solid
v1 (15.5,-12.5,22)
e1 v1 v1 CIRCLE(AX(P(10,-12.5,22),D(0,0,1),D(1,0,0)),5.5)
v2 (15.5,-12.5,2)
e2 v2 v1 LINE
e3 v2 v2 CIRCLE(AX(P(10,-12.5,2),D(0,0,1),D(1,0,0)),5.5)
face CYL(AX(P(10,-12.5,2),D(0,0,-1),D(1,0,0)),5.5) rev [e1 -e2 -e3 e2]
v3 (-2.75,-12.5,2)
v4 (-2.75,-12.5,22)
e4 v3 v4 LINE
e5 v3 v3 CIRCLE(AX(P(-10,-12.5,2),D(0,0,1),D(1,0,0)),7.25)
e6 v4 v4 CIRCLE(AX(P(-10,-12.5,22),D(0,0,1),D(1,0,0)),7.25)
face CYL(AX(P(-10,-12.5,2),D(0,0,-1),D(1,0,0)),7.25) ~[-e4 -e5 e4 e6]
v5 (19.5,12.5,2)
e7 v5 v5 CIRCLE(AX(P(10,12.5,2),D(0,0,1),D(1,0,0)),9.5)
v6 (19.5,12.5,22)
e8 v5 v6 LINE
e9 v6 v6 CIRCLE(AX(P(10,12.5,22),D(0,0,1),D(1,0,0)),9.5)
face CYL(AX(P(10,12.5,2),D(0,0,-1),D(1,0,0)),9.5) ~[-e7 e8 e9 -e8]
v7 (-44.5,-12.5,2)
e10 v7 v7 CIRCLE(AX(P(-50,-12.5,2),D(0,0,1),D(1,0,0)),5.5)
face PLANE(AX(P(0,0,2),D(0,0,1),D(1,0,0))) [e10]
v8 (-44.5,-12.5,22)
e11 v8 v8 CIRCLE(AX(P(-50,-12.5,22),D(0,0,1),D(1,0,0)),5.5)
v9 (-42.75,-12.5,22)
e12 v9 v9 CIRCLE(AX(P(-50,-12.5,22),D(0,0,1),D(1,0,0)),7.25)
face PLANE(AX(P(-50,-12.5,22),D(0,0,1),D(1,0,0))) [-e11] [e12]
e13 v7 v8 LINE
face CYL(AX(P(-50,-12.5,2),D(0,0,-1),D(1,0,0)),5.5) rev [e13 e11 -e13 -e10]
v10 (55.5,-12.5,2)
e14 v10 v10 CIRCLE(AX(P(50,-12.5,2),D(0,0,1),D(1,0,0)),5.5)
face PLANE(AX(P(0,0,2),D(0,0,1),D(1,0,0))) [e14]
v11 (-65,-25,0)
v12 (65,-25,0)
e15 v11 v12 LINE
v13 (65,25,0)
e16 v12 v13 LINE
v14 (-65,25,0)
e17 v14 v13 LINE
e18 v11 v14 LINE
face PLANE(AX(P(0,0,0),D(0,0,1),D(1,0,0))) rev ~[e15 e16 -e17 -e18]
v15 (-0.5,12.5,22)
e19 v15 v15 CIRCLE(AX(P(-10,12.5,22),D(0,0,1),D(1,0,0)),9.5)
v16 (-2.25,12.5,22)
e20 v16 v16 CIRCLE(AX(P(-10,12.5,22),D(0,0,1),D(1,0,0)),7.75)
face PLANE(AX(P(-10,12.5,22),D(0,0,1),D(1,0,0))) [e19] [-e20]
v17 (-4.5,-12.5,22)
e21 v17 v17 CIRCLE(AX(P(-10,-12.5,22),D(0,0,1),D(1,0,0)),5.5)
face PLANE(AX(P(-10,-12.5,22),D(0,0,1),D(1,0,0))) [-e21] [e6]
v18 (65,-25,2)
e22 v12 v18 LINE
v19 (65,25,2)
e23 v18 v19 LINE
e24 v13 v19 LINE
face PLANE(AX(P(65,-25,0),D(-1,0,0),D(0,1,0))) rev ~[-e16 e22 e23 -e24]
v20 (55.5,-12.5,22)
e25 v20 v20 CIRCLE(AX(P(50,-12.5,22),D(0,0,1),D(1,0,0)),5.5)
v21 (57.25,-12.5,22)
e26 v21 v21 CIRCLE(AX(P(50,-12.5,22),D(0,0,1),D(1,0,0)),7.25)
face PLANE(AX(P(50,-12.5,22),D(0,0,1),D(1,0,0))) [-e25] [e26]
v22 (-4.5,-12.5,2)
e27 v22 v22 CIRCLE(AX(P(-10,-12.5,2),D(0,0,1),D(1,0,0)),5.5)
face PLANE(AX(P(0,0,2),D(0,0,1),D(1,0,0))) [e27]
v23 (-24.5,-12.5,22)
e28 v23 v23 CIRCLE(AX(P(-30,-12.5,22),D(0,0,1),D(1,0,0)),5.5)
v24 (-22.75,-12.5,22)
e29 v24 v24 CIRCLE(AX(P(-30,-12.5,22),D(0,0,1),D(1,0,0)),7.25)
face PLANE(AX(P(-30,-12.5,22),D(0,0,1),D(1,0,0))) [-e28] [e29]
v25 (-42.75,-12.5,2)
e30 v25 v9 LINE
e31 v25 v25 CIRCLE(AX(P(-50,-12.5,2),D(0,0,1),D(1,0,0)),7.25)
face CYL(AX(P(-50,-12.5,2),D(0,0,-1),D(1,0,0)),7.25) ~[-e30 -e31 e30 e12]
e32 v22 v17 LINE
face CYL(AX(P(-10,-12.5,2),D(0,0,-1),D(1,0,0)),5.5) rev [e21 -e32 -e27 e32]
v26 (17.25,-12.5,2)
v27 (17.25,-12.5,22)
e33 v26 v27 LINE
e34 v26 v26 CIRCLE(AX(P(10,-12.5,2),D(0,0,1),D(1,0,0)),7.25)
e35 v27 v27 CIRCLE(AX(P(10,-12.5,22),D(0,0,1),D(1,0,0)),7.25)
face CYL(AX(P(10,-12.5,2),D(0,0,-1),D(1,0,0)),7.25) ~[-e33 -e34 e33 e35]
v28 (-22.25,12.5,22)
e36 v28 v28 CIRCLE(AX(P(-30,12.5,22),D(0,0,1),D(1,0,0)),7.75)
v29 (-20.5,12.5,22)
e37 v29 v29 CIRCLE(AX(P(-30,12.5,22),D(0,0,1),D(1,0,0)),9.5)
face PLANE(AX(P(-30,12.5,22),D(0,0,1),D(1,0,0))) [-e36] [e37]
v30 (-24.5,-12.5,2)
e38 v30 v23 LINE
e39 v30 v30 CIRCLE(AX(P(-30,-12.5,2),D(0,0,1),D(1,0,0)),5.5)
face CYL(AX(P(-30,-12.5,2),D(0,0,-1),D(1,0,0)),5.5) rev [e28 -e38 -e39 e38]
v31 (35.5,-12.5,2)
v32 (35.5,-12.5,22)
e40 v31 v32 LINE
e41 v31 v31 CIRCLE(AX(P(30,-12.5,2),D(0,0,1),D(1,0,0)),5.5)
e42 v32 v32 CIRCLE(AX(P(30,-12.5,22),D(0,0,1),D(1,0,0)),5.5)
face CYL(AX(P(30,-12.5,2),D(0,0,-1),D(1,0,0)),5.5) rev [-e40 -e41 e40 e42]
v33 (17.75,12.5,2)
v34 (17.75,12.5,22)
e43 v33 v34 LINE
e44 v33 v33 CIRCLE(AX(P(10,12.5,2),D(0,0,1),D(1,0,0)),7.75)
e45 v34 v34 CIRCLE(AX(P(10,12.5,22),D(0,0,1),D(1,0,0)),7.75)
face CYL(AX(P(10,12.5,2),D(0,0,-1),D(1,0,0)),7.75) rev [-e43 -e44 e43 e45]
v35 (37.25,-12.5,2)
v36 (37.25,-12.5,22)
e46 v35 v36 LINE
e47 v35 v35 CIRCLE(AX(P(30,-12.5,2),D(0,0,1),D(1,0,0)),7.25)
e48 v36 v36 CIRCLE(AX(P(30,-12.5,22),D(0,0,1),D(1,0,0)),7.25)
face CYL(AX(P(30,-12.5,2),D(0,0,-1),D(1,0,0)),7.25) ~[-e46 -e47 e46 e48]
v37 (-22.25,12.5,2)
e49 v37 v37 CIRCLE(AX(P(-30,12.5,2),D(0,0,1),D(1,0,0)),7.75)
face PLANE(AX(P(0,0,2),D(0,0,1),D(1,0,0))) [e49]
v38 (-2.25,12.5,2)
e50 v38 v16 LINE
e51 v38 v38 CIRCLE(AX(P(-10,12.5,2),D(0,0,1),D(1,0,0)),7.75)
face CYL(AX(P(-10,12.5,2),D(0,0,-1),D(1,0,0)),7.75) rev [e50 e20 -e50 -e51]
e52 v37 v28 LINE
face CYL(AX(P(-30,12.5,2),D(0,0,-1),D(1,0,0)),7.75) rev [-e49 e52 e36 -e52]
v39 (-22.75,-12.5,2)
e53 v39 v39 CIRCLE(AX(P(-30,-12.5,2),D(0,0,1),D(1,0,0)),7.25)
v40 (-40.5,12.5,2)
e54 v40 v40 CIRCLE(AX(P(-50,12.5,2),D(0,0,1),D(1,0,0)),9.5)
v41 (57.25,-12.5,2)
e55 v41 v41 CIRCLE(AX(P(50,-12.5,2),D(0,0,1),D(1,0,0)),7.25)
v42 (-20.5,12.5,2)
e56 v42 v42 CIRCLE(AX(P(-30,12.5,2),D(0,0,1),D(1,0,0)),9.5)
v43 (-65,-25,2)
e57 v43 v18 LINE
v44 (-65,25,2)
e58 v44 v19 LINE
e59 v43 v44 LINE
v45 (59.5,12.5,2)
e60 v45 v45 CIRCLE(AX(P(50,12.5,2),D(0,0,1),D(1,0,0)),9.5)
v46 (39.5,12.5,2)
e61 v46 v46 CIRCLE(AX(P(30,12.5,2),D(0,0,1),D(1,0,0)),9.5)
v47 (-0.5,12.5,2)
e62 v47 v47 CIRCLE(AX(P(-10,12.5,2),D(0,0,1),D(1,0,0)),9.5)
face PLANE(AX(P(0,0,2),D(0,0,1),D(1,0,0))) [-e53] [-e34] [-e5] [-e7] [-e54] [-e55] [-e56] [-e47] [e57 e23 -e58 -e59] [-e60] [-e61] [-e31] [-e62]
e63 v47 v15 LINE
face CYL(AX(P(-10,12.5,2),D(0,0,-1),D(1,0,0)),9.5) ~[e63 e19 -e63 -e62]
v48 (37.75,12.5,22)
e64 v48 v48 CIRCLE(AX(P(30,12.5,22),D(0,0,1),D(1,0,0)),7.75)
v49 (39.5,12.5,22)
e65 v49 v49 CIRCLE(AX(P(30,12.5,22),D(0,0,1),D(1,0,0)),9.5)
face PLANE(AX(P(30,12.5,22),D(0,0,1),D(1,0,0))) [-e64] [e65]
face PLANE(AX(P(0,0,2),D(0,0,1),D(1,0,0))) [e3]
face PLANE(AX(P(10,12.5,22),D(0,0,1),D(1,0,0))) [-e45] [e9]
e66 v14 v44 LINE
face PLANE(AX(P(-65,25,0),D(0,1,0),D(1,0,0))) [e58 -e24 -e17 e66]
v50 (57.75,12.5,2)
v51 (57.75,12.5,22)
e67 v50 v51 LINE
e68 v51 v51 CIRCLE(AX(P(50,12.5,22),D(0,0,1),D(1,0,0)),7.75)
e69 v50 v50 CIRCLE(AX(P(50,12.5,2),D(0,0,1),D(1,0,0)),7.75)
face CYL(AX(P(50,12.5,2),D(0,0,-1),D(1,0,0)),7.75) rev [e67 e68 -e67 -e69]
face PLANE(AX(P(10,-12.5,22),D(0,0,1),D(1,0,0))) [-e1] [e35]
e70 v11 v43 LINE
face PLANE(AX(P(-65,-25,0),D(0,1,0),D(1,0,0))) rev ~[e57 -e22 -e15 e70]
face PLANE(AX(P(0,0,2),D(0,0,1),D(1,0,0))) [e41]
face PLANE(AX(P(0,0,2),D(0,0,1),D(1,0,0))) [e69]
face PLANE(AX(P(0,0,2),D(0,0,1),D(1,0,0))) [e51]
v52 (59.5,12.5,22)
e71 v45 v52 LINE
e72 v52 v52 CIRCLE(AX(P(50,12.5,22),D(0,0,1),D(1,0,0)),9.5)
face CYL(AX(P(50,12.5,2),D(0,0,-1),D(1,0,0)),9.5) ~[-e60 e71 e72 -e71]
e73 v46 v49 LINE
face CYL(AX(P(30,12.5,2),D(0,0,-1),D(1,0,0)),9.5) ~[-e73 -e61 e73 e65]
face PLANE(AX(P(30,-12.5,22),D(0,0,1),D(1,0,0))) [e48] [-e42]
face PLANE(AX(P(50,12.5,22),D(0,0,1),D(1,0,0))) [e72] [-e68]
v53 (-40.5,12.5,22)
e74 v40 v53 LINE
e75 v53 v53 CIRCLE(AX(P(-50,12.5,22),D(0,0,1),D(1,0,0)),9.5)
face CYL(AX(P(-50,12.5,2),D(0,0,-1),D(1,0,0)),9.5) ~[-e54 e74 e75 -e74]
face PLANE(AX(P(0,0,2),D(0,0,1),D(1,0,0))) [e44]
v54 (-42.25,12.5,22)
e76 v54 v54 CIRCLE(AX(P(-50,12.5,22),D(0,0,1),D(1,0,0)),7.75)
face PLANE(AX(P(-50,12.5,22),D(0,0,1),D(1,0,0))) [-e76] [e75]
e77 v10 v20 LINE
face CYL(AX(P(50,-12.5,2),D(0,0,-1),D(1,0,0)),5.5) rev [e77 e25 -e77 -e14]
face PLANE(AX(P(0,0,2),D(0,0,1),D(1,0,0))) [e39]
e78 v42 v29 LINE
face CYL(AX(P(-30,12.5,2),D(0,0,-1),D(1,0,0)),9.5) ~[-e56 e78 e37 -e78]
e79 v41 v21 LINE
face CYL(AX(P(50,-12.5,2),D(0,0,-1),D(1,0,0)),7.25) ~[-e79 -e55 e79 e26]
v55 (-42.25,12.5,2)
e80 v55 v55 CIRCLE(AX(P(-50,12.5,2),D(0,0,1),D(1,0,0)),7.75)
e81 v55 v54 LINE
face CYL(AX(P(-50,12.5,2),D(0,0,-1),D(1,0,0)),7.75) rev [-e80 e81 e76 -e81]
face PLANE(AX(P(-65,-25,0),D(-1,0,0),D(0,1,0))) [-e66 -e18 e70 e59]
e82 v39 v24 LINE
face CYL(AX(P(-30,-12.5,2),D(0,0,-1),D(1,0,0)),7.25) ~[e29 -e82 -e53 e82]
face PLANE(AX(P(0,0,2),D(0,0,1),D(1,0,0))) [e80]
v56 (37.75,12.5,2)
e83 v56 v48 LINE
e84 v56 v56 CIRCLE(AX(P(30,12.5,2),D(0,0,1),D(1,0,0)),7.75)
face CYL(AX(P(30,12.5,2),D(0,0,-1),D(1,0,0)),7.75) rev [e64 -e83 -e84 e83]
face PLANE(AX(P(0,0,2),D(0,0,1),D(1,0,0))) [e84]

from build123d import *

# Parameters (mm, degrees)
SKETCH_W      = 130
SKETCH_H      = 50
PAD_DEPTH     = 2
SKETCH001_R   = 9.5
SKETCH001_R_2 = 7.75
SKETCH001_R_3 = 7.25
SKETCH001_R_4 = 5.5
PAD001_DEPTH  = 20


with BuildPart() as part:
    # Sketch → Pad (new body)
    with BuildSketch(Plane.XY):
        Rectangle(SKETCH_W, SKETCH_H)
    extrude(amount=PAD_DEPTH)

    # Sketch001 (on Face6 of Pad) → Pad001 (join)
    with BuildSketch(Plane.XY.offset(2)):
        with Locations((-50, 12.5)):
            Circle(SKETCH001_R)
        with Locations((-50, 12.5)):
            Circle(SKETCH001_R_2, mode=Mode.SUBTRACT)
        with Locations((-30, 12.5)):
            Circle(SKETCH001_R)
        with Locations((-30, 12.5)):
            Circle(SKETCH001_R_2, mode=Mode.SUBTRACT)
        with Locations((-10, 12.5)):
            Circle(SKETCH001_R)
        with Locations((-10, 12.5)):
            Circle(SKETCH001_R_2, mode=Mode.SUBTRACT)
        with Locations((10, 12.5)):
            Circle(SKETCH001_R)
        with Locations((10, 12.5)):
            Circle(SKETCH001_R_2, mode=Mode.SUBTRACT)
        with Locations((30, 12.5)):
            Circle(SKETCH001_R)
        with Locations((30, 12.5)):
            Circle(SKETCH001_R_2, mode=Mode.SUBTRACT)
        with Locations((50, 12.5)):
            Circle(SKETCH001_R)
        with Locations((50, 12.5)):
            Circle(SKETCH001_R_2, mode=Mode.SUBTRACT)
        with Locations((-50, -12.5)):
            Circle(SKETCH001_R_3)
        with Locations((-50, -12.5)):
            Circle(SKETCH001_R_4, mode=Mode.SUBTRACT)
        with Locations((-30, -12.5)):
            Circle(SKETCH001_R_3)
        with Locations((-30, -12.5)):
            Circle(SKETCH001_R_4, mode=Mode.SUBTRACT)
        with Locations((-10, -12.5)):
            Circle(SKETCH001_R_3)
        with Locations((-10, -12.5)):
            Circle(SKETCH001_R_4, mode=Mode.SUBTRACT)
        with Locations((10, -12.5)):
            Circle(SKETCH001_R_3)
        with Locations((10, -12.5)):
            Circle(SKETCH001_R_4, mode=Mode.SUBTRACT)
        with Locations((30, -12.5)):
            Circle(SKETCH001_R_3)
        with Locations((30, -12.5)):
            Circle(SKETCH001_R_4, mode=Mode.SUBTRACT)
        with Locations((50, -12.5)):
            Circle(SKETCH001_R_3)
        with Locations((50, -12.5)):
            Circle(SKETCH001_R_4, mode=Mode.SUBTRACT)
    extrude(amount=PAD001_DEPTH)


solid = part.part
